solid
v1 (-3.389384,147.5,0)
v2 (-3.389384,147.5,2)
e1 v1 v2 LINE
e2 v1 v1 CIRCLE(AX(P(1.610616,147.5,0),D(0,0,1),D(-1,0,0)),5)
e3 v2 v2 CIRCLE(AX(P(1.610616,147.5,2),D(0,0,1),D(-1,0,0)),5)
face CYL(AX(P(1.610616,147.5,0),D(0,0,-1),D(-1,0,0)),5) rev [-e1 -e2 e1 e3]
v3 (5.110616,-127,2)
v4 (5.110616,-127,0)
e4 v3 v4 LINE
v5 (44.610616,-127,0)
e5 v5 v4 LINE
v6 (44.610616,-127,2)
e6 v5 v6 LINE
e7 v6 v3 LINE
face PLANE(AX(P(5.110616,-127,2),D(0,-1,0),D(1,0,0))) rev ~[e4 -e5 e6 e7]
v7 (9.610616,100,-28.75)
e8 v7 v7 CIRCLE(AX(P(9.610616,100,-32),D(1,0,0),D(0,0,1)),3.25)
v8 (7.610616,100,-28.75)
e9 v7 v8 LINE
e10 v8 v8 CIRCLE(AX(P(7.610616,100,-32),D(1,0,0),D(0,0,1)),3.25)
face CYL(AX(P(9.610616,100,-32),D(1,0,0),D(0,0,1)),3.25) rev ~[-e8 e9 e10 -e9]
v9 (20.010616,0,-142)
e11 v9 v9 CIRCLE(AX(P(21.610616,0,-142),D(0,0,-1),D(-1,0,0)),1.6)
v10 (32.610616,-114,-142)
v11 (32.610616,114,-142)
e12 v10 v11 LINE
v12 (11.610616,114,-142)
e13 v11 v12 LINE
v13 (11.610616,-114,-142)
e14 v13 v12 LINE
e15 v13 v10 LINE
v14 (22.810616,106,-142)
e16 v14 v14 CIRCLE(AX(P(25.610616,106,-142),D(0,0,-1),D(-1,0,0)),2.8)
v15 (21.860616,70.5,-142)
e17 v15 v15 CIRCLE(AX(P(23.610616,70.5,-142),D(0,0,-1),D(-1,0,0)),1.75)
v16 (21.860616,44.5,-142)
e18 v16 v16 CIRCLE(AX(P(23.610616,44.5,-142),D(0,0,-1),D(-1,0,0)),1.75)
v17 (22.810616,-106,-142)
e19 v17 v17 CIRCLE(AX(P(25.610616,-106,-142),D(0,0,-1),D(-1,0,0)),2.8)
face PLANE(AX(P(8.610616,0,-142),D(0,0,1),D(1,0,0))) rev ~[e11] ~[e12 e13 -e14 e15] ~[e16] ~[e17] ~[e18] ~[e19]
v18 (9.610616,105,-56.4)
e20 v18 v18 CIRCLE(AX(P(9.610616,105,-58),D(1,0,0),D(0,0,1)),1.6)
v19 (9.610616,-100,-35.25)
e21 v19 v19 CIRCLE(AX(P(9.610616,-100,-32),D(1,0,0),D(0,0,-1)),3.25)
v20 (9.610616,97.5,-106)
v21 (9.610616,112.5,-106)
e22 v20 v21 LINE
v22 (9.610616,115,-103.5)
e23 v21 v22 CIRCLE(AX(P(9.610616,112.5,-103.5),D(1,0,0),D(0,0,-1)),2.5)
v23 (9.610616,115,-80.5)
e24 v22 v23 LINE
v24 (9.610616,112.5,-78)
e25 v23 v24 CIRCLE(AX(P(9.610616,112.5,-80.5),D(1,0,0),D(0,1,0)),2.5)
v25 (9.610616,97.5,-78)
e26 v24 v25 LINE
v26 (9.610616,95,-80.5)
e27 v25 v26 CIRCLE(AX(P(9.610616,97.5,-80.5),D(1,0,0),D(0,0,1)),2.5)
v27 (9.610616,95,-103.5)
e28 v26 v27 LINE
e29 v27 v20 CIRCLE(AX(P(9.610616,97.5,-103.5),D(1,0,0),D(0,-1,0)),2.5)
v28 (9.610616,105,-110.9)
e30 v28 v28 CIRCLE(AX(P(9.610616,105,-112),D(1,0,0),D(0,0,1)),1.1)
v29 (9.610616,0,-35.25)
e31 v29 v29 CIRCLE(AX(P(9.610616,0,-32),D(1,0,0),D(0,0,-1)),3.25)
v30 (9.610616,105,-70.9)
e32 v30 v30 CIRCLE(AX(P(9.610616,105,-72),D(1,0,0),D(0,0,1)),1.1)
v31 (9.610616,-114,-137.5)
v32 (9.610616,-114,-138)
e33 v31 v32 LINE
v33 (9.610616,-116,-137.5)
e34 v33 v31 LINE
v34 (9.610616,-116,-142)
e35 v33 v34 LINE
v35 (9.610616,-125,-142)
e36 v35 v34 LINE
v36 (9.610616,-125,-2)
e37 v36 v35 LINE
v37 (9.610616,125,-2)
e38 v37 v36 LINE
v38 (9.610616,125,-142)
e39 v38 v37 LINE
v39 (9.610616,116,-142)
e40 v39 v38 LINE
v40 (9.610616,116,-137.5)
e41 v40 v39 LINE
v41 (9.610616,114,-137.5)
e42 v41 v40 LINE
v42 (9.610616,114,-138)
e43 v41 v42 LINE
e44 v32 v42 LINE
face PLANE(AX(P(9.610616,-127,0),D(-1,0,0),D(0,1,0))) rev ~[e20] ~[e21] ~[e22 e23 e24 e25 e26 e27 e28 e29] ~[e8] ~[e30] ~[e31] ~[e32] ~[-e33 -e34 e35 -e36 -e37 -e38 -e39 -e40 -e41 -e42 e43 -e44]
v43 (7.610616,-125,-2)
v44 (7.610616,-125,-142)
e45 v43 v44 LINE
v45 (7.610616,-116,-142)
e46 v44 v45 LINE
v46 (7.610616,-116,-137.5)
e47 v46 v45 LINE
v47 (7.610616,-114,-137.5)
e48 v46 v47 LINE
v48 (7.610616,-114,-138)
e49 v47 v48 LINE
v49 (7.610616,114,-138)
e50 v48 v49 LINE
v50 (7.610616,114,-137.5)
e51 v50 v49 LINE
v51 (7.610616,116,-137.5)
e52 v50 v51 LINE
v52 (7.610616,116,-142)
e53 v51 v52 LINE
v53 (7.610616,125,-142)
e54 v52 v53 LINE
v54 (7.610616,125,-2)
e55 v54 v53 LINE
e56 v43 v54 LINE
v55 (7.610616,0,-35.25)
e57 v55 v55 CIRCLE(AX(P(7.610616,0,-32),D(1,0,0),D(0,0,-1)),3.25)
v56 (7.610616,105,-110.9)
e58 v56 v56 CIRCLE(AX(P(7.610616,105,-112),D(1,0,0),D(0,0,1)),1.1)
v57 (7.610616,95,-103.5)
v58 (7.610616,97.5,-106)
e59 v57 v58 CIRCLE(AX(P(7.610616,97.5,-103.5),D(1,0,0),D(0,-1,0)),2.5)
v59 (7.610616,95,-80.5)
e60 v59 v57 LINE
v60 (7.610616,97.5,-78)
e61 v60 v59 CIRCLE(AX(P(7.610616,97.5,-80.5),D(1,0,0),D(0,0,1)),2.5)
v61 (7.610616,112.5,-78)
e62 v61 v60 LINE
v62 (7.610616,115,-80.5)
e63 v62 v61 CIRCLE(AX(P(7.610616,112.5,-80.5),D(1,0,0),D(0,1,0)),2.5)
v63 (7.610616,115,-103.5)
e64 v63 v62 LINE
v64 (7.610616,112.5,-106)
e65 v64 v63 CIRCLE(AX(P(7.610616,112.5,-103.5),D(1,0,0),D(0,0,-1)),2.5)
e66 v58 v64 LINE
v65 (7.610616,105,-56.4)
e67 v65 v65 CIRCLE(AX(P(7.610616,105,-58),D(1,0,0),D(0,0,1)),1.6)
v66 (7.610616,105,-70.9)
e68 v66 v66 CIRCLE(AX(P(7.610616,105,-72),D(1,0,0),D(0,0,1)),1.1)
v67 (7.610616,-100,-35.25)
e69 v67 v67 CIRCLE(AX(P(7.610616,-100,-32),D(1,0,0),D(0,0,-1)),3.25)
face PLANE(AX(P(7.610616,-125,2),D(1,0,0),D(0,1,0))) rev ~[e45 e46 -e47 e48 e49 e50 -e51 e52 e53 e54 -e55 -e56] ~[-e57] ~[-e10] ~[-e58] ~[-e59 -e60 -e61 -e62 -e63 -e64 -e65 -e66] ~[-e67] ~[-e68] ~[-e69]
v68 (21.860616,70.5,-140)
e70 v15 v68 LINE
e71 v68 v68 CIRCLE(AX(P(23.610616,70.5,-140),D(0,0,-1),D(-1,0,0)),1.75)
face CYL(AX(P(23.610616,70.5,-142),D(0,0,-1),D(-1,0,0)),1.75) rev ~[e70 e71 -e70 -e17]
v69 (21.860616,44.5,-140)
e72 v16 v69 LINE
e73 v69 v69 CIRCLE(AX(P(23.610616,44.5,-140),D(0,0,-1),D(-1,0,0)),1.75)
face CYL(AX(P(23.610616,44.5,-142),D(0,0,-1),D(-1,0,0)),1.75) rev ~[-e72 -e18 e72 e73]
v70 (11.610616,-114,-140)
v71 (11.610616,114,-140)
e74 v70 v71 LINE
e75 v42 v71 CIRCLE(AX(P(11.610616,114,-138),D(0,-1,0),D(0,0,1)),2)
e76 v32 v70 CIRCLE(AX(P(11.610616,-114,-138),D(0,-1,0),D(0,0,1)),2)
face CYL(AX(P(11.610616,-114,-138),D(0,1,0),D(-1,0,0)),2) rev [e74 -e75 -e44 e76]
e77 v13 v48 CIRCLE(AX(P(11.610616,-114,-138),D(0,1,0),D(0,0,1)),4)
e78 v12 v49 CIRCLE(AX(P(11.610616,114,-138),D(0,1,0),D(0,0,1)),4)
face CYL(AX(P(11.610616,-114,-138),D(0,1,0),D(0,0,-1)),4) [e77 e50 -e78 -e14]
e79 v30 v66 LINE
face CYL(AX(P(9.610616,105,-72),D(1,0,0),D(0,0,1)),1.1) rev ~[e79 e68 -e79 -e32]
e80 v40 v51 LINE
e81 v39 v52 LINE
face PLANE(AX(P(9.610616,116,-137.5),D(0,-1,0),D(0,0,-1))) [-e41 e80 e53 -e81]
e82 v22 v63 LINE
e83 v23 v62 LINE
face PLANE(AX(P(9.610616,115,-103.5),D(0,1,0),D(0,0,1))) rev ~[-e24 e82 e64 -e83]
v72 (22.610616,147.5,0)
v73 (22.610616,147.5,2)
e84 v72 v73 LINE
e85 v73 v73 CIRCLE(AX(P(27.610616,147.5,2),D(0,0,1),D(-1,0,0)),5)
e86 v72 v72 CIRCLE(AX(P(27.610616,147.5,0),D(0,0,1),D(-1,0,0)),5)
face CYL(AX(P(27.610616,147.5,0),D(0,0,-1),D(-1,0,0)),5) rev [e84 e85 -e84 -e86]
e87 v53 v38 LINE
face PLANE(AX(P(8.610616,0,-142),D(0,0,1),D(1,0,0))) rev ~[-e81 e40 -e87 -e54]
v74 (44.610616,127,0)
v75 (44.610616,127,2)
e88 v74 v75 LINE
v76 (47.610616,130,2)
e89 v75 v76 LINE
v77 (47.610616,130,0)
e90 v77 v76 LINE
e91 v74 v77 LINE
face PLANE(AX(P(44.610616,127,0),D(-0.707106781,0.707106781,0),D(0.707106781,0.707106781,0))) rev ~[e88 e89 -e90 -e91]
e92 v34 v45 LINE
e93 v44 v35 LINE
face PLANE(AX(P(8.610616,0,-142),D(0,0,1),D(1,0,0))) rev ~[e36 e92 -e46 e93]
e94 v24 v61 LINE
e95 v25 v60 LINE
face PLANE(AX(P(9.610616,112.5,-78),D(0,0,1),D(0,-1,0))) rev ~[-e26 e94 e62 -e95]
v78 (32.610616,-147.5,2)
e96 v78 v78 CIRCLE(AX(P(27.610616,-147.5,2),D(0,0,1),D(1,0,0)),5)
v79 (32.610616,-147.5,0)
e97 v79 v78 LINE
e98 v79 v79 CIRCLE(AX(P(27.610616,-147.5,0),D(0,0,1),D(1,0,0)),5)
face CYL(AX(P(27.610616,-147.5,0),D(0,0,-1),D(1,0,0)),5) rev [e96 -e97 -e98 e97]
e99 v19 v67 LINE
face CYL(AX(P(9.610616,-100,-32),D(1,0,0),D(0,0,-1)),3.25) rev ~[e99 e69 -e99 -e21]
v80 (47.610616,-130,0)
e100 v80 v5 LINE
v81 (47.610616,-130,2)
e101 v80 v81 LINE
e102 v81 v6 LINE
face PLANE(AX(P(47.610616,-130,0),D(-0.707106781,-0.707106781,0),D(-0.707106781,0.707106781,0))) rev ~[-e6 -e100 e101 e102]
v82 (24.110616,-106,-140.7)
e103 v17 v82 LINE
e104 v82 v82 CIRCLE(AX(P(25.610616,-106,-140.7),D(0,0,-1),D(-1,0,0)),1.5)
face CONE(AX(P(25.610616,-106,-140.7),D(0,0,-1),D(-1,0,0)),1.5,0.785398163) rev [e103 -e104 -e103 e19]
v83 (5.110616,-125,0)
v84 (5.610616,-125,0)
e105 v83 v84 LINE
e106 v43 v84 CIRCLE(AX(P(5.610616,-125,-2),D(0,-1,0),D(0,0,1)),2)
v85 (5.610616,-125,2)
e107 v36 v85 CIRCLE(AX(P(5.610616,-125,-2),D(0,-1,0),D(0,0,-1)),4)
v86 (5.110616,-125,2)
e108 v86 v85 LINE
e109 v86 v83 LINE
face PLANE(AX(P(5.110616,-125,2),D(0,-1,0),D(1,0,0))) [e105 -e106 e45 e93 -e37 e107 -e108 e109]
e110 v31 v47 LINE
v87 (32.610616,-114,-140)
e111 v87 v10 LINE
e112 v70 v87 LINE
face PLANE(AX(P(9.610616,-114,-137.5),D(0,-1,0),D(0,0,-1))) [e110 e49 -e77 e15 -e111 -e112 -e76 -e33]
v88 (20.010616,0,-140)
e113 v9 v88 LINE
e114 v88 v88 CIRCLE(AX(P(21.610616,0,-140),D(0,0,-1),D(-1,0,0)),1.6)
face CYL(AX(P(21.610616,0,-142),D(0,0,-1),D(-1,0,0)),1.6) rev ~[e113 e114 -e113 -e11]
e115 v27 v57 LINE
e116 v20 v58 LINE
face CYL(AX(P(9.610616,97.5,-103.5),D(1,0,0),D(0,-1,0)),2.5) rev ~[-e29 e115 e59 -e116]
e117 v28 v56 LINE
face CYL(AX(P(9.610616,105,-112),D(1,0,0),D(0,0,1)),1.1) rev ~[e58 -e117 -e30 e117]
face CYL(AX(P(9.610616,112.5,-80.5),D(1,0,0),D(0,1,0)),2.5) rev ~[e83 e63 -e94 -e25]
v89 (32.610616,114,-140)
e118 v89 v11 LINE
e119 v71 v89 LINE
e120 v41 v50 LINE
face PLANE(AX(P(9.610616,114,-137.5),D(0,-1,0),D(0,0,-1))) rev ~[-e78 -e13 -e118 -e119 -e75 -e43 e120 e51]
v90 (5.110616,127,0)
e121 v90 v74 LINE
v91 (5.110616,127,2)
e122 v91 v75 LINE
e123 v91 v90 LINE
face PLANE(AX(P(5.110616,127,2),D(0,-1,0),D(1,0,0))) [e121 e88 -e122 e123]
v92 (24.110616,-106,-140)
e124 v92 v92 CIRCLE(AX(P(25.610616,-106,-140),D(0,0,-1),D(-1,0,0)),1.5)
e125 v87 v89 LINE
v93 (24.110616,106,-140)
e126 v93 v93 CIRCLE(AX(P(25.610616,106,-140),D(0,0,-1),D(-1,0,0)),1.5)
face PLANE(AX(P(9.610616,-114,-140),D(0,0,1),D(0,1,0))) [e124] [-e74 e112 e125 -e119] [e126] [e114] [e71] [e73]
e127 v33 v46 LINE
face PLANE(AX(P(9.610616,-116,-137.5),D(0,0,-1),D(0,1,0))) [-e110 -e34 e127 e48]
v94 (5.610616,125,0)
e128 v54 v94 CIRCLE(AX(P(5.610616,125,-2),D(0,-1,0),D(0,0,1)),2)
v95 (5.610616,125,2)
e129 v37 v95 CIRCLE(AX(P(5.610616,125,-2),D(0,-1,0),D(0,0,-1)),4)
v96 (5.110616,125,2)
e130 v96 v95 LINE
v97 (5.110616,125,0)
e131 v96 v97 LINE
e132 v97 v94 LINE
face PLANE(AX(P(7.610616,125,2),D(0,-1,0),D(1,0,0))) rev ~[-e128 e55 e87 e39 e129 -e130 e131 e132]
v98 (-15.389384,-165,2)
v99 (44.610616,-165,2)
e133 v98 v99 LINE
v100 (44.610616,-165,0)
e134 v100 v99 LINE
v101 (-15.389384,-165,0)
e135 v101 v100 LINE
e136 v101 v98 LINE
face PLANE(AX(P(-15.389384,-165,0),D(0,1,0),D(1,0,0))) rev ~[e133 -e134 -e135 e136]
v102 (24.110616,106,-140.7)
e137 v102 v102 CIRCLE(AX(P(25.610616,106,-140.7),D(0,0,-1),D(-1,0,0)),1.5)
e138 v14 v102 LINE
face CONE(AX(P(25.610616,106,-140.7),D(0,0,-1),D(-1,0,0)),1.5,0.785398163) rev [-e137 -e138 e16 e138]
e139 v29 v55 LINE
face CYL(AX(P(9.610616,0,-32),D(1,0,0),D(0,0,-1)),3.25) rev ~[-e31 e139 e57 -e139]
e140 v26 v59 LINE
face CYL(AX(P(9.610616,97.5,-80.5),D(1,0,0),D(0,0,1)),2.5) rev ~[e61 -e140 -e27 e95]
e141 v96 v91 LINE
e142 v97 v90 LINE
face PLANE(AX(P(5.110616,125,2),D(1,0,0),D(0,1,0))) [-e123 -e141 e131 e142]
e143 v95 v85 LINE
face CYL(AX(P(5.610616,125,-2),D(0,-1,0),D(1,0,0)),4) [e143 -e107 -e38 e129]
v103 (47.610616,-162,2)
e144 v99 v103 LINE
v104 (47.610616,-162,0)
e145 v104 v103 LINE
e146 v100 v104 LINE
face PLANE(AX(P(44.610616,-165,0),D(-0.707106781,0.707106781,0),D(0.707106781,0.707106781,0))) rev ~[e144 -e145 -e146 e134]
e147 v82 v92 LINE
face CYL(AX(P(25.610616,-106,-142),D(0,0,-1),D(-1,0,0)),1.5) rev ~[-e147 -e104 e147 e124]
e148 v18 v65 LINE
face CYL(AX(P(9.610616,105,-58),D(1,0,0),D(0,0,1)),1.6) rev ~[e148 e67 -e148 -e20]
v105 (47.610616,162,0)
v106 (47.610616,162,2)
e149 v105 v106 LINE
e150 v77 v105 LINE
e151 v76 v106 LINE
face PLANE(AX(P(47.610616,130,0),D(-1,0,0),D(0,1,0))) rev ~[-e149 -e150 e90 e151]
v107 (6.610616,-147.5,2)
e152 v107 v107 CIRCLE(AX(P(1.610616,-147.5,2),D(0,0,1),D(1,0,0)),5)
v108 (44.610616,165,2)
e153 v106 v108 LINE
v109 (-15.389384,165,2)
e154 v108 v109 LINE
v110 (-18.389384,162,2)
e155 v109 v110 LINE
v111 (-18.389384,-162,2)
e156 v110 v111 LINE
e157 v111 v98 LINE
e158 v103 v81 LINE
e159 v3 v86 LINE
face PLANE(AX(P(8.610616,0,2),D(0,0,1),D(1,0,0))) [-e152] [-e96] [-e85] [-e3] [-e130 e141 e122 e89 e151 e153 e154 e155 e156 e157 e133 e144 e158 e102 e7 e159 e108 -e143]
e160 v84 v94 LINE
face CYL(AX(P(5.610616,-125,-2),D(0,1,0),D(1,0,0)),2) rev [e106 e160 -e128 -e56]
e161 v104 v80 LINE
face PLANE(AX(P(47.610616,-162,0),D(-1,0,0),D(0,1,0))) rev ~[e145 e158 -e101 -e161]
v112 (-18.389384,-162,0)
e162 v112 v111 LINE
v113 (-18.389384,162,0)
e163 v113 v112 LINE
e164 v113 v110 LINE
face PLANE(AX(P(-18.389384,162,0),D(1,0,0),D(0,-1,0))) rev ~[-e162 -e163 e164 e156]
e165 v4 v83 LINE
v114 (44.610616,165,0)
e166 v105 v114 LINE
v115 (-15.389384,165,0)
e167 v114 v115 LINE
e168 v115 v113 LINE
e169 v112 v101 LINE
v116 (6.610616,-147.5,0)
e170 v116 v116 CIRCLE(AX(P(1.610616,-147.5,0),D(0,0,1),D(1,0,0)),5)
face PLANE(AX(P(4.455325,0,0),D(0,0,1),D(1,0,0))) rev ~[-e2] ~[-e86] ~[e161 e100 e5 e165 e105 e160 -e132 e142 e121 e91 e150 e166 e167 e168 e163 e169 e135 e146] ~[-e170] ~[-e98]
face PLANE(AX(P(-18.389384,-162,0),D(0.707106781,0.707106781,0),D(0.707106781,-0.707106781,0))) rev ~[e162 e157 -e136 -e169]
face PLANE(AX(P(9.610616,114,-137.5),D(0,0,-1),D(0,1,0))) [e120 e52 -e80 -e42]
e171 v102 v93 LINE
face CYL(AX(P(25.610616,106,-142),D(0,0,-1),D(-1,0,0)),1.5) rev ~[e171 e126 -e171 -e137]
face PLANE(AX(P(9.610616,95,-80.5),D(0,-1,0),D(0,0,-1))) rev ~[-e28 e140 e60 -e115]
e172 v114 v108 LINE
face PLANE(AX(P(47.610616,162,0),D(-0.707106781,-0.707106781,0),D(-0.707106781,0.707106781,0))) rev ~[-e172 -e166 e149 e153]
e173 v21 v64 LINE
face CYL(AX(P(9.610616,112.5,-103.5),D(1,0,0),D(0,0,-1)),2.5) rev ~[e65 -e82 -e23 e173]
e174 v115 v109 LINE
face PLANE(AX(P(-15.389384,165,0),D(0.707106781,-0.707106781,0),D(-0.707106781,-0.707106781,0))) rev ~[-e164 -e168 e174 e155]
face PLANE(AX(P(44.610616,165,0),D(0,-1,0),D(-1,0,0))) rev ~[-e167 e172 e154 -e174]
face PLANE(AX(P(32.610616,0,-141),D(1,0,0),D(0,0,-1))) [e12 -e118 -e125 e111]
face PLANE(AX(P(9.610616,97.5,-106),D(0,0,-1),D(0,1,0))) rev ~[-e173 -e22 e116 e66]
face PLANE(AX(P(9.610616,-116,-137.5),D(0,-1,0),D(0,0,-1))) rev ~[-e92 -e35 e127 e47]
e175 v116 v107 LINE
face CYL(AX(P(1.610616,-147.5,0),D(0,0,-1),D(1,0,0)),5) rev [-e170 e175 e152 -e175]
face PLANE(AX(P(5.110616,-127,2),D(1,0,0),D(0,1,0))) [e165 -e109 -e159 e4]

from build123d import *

# Parameters (mm, degrees)
SKETCH_1_R          = 5
EXTRUDE_1_DEPTH     = 2
SKETCH_2_W          = 2
SKETCH_2_H          = 250
EXTRUDE_2_DEPTH     = 144
SKETCH_3_W          = 2
SKETCH_3_H          = 228
EXTRUDE_3_DEPTH     = 23
SKETCH_4_W          = 4.5
SKETCH_4_H          = 2
CUT_EXTRUDE_1_DEPTH = 2
SKETCH_5_W          = 4.5
SKETCH_5_H          = 2
CUT_EXTRUDE_2_DEPTH = 2
FILLET_3_R          = 2
FILLET_4_R          = 4
SKETCH_6_R          = 1.6
SKETCH_6_R_2        = 1.5
SKETCH_6_R_3        = 1.75
CUT_EXTRUDE_3_DEPTH = 2
CHAMFER_1_SIZE      = 1.3
SKETCH_8_R          = 3.25
SKETCH_8_R_2        = 1.1
SKETCH_8_R_3        = 1.6
CUT_EXTRUDE_4_DEPTH = 2


with BuildPart() as part:
    # Эскиз1 → Вытянуть1 (new body)
    with BuildSketch(Plane.XY):
        Polygon((-15.389384289, -165), (44.610615711, -165), (47.610615711, -162), (47.610615711, -130), (44.610615711, -127), (9.610615711, -127), (9.610615711, 127), (44.610615711, 127), (47.610615711, 130), (47.610615711, 162), (44.610615711, 165), (-15.389384289, 165), (-18.389384289, 162), (-18.389384289, -162), align=None)
        with Locations((1.610615711, -147.5)):
            Circle(SKETCH_1_R, mode=Mode.SUBTRACT)
        with Locations((27.610615711, -147.5)):
            Circle(SKETCH_1_R, mode=Mode.SUBTRACT)
        with Locations(Location((27.610615711, 147.5, 0), (0, 0, 180))):
            Circle(SKETCH_1_R, mode=Mode.SUBTRACT)
        with Locations(Location((1.610615711, 147.5, 0), (0, 0, 180))):
            Circle(SKETCH_1_R, mode=Mode.SUBTRACT)
    extrude(amount=EXTRUDE_1_DEPTH)

    # Эскиз2 → Вытянуть2 (add)
    with BuildSketch(Plane.XY.offset(2)):
        with Locations((8.610615711, 0)):
            Rectangle(SKETCH_2_W, SKETCH_2_H)
    extrude(amount=-EXTRUDE_2_DEPTH)

    # Эскиз3 → Вытянуть3 (add)
    with BuildSketch(Plane(origin=(9.610615711, 0, 0), x_dir=(0, 0, -1), z_dir=(1, 0, 0))):
        with Locations((141, 0)):
            Rectangle(SKETCH_3_W, SKETCH_3_H)
    extrude(amount=EXTRUDE_3_DEPTH)

    # Эскиз4 → Вырез-Вытянуть1 (cut)
    with BuildSketch(Plane.XY.offset(2)):
        with Locations((7.360615711, 126)):
            Rectangle(SKETCH_4_W, SKETCH_4_H)
        with Locations((7.360615711, -126)):
            Rectangle(SKETCH_4_W, SKETCH_4_H)
    extrude(amount=-CUT_EXTRUDE_1_DEPTH, mode=Mode.SUBTRACT)

    # Эскиз5 → Вырез-Вытянуть2 (cut)
    with BuildSketch(Plane(origin=(9.610615711, 0, 0), x_dir=(0, 0, -1), z_dir=(1, 0, 0))):
        with Locations((139.75, -115)):
            Rectangle(SKETCH_5_W, SKETCH_5_H)
        with Locations((139.75, 115)):
            Rectangle(SKETCH_5_W, SKETCH_5_H)
    extrude(amount=-CUT_EXTRUDE_2_DEPTH, mode=Mode.SUBTRACT)

    # Скругление3
    fillet_3_edges = [part.edges().sort_by_distance(p)[0] for p in [
        (9.610615711, 0, -140),
        (7.610615711, 0, 0),
    ]]
    fillet(fillet_3_edges, radius=FILLET_3_R)

    # Скругление4
    fillet_4_edges = [part.edges().sort_by_distance(p)[0] for p in [
        (7.610615711, 0, -142),
        (9.610615711, 0, 2),
    ]]
    fillet(fillet_4_edges, radius=FILLET_4_R)

    # Эскиз6 → Вырез-Вытянуть3 (cut)
    with BuildSketch(Plane(origin=(0, 0, -142), x_dir=(-1, 0, 0), z_dir=(0, 0, -1))):
        with Locations((-21.610615711, 0)):
            Circle(SKETCH_6_R)
        with Locations((-25.610615711, -106)):
            Circle(SKETCH_6_R_2)
        with Locations((-25.610615711, 106)):
            Circle(SKETCH_6_R_2)
        with Locations((-23.610615711, 44.5)):
            Circle(SKETCH_6_R_3)
        with Locations((-23.610615711, 70.5)):
            Circle(SKETCH_6_R_3)
    extrude(amount=-CUT_EXTRUDE_3_DEPTH, mode=Mode.SUBTRACT)

    # Фаска1
    chamfer_1_edges = [part.edges().sort_by_distance(p)[0] for p in [
        (27.110615711, -106, -142),
        (27.110615711, 106, -142),
    ]]
    chamfer(chamfer_1_edges, length=CHAMFER_1_SIZE)

    # Эскиз8 → Вырез-Вытянуть4 (cut)
    with BuildSketch(Plane(origin=(9.610615711, 0, 0), x_dir=(0, 0, -1), z_dir=(1, 0, 0))):
        with Locations((32, 0)):
            Circle(SKETCH_8_R)
        with Locations((32, -100)):
            Circle(SKETCH_8_R)
        with Locations(Location((32, 100, 0), (0, 0, 180))):
            Circle(SKETCH_8_R)
        with Locations(Location((112, 105, 0), (0, 0, 180))):
            Circle(SKETCH_8_R_2)
        with Locations(Location((72, 105, 0), (0, 0, 180))):
            Circle(SKETCH_8_R_2)
        with Locations(Location((58, 105, 0), (0, 0, 180))):
            Circle(SKETCH_8_R_3)
        with BuildLine():
            Line((80.5, 95), (103.5, 95))
            ThreePointArc((103.5, 95), (105.267766953, 95.732233047), (106, 97.5))
            Line((106, 97.5), (106, 112.5))
            ThreePointArc((106, 112.5), (105.267766953, 114.267766953), (103.5, 115))
            Line((103.5, 115), (80.5, 115))
            ThreePointArc((80.5, 115), (78.732233047, 114.267766953), (78, 112.5))
            Line((78, 112.5), (78, 97.5))
            ThreePointArc((78, 97.5), (78.732233047, 95.732233047), (80.5, 95))
        make_face()
    extrude(amount=-CUT_EXTRUDE_4_DEPTH, mode=Mode.SUBTRACT)


solid = part.part
